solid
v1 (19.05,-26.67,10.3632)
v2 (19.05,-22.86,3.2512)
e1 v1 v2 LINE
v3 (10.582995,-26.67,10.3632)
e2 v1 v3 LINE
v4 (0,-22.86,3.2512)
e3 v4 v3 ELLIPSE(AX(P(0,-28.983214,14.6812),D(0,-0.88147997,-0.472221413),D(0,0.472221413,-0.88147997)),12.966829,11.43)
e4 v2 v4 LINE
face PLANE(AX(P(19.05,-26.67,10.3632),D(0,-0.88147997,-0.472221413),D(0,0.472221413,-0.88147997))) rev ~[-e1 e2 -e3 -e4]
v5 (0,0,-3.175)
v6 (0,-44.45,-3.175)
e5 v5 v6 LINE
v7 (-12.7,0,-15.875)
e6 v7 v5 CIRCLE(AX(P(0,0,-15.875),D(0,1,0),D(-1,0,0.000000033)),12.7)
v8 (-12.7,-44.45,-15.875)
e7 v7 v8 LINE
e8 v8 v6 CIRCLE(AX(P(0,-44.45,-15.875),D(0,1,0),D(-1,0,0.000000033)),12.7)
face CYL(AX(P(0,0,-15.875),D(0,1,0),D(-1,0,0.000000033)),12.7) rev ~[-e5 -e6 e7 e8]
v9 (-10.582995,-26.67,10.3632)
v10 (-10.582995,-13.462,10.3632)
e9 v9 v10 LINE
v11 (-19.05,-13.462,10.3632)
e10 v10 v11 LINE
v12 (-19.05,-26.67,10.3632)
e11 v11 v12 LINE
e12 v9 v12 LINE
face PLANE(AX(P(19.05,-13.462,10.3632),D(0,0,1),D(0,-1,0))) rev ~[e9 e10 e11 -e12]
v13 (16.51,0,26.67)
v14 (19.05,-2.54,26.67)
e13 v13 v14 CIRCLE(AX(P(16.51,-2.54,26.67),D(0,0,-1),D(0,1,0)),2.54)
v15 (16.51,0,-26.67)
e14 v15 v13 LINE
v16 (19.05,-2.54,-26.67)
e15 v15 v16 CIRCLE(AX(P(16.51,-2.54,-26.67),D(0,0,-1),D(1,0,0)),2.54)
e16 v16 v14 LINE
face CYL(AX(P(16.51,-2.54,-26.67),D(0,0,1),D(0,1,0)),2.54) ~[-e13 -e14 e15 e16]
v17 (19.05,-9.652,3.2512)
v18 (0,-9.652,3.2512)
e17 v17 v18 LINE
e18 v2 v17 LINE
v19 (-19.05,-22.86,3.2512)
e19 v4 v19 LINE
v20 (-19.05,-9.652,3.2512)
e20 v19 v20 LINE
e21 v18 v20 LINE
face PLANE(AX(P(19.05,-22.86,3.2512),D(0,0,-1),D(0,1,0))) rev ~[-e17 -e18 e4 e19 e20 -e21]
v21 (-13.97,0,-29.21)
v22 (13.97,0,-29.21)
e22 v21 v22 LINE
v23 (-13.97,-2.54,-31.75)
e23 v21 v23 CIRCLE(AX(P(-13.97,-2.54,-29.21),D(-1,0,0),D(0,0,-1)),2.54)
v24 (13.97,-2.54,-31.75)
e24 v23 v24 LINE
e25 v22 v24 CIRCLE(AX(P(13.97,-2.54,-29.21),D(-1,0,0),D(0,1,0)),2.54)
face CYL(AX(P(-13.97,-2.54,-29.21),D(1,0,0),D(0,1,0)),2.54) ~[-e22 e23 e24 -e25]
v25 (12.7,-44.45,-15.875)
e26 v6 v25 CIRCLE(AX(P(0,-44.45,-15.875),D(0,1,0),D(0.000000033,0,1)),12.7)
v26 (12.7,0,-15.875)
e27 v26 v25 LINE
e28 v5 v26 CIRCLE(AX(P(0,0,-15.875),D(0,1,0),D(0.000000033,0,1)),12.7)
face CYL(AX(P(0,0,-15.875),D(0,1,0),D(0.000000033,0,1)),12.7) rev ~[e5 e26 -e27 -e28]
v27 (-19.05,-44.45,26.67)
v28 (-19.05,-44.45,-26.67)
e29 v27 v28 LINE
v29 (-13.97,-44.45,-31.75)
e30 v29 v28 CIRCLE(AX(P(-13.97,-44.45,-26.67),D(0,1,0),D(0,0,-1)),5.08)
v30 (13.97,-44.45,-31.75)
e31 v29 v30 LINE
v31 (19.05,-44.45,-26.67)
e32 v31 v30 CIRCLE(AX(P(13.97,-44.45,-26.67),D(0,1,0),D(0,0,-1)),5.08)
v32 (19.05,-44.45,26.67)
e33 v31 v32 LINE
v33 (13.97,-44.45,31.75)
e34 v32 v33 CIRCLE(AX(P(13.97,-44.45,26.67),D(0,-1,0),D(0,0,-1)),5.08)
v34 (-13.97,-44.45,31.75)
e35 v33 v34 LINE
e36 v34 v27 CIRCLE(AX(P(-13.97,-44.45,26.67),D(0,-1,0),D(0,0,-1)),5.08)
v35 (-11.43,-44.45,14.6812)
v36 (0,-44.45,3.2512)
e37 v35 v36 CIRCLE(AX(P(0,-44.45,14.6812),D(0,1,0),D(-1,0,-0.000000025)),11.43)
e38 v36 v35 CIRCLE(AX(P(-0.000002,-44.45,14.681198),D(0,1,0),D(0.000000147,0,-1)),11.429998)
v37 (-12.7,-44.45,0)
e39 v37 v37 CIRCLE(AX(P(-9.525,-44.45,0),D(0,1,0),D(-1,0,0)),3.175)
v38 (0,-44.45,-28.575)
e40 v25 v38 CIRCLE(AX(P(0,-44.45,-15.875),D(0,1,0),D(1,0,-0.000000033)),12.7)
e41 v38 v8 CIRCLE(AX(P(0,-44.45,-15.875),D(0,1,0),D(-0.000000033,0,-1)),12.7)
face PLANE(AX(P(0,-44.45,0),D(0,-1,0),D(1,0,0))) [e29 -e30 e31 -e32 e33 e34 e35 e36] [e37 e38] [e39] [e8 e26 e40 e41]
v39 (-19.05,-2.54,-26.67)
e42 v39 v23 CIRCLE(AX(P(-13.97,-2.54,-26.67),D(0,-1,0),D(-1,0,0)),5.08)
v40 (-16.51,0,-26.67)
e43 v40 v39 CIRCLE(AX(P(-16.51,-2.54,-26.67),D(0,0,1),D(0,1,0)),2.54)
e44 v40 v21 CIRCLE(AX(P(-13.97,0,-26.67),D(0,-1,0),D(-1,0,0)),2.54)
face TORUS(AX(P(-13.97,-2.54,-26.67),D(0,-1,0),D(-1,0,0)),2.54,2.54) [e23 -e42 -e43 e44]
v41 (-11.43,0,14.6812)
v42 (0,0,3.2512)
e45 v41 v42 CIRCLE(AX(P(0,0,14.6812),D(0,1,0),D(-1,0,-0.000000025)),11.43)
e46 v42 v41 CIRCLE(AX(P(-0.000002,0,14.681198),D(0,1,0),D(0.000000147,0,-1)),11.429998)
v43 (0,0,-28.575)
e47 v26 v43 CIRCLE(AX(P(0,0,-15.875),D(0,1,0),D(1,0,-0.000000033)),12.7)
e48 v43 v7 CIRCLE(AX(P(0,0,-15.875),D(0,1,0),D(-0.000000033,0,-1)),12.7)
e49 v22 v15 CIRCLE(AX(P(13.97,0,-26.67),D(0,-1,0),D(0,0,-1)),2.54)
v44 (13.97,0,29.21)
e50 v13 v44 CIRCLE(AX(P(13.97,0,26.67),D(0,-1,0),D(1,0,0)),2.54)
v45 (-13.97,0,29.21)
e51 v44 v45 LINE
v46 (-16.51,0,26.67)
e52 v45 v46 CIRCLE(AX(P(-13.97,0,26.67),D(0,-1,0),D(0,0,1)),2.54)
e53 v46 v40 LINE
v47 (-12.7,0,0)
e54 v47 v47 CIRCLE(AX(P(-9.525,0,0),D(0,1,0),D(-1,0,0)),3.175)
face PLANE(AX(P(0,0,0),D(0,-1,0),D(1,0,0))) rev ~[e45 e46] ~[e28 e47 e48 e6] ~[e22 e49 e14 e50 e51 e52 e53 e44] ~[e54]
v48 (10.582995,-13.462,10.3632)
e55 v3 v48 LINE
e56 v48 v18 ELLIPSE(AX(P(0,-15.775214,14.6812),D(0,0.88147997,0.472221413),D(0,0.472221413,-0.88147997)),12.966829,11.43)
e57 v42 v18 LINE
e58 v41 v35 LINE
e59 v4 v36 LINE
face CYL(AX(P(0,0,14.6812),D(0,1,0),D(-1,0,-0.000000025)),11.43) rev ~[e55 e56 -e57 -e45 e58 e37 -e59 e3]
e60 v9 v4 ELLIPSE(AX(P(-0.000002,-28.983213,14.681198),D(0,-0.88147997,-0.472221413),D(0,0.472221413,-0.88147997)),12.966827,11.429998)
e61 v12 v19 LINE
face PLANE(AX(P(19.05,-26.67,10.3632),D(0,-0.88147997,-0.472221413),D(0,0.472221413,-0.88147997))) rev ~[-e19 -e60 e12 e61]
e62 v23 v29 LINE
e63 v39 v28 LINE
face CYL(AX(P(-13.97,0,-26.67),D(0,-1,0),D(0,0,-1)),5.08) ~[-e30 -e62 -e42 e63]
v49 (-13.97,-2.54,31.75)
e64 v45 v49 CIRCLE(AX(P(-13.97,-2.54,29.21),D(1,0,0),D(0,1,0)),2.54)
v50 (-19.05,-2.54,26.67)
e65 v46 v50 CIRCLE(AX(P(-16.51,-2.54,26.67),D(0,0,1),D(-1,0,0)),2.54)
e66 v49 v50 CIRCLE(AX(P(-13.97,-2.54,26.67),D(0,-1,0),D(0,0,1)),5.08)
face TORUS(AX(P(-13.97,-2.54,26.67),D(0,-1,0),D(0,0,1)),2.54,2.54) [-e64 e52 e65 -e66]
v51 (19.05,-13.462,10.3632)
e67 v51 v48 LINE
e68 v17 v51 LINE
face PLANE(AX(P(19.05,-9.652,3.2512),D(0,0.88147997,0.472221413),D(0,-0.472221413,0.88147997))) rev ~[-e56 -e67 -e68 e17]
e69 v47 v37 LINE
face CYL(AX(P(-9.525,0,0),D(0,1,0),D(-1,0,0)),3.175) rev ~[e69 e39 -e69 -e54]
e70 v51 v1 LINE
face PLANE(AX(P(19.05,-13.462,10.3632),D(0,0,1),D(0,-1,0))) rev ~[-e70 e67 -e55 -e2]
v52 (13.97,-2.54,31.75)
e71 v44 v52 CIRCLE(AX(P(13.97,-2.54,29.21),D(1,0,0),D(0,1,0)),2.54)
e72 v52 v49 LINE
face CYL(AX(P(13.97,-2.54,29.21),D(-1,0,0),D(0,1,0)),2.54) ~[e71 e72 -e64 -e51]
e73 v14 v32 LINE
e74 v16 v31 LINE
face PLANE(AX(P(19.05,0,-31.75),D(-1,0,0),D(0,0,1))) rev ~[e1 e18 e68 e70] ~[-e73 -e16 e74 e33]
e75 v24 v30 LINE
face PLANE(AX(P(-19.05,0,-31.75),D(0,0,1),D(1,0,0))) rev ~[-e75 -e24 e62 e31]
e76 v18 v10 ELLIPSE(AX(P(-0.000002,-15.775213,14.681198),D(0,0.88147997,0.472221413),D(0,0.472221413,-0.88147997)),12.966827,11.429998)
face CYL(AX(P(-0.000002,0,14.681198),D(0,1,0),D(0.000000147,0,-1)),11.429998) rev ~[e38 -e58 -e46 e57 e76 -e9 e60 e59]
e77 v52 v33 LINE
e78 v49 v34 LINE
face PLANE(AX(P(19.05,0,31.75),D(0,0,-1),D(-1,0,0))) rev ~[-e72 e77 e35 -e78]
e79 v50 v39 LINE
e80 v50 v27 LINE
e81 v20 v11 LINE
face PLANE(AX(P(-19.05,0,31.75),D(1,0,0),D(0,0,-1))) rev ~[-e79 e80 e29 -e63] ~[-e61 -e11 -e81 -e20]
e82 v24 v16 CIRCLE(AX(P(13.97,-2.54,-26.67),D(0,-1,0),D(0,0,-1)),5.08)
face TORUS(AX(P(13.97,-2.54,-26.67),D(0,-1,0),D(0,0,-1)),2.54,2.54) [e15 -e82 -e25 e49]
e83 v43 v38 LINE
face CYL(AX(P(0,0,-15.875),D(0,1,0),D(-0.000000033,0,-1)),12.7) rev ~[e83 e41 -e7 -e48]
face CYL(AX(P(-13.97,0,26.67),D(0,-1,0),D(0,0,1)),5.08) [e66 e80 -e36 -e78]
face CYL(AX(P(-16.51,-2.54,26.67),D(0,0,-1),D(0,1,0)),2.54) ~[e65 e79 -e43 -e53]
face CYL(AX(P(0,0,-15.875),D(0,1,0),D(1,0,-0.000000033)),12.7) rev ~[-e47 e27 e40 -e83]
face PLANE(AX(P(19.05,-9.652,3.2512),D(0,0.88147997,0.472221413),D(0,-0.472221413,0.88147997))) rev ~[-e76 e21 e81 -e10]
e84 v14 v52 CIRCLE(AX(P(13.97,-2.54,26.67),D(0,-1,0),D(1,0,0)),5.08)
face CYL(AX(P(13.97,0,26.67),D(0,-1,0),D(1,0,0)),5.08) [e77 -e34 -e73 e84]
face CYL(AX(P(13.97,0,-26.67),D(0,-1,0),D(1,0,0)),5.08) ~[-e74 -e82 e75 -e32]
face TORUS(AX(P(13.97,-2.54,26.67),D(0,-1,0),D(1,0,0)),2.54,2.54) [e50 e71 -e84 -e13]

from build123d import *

# Parameters (mm, degrees)
F1_DEPTH = 44.45
F3_DEPTH = 44.451
F5_DEPTH = 38.101
F6_R     = 5.08
F7_R     = 5.08
F8_R     = 2.54


with BuildPart() as f1:
    # F0 (on Front) → F1 (new body)
    with BuildSketch(Plane.XZ):
        Polygon((19.05, -31.75), (19.05, 31.75), (-19.05, 31.75), (-19.05, 0), (-19.05, -31.75), align=None)
        with BuildLine():
            ThreePointArc((-6.35, 0), (-9.525, -3.175), (-12.7, 0))
            ThreePointArc((-12.7, 0), (-9.525, 3.175), (-6.35, 0))
        make_face(mode=Mode.SUBTRACT)
    extrude(amount=F1_DEPTH)

    # F2 (on face) → F3 (cut, through all)
    with BuildSketch(Plane(origin=(0, 0, 0), x_dir=(-1, 0, 0), z_dir=(0, 1, 0))):
        with BuildLine():
            ThreePointArc((-12.7, -15.875), (-8.980256, -24.855256), (0, -28.575))
            Line((0, -28.575), (0, -15.875))
            Line((0, -15.875), (-12.7, -15.875))
        make_face()
        with BuildLine():
            Line((0, -15.875), (0, -28.575))
            ThreePointArc((0, -28.575), (8.980256, -24.855256), (12.7, -15.875))
            Line((12.7, -15.875), (0, -15.875))
        make_face()
        with BuildLine():
            ThreePointArc((11.43, 14.6812), (-8.082231, 22.763431), (0, 3.2512))
            ThreePointArc((0, 3.2512), (8.082231, 6.598969), (11.43, 14.6812))
        make_face()
        with BuildLine():
            Line((-12.7, -15.875), (0, -15.875))
            Line((0, -15.875), (0, -3.175))
            ThreePointArc((0, -3.175), (-8.980256, -6.894744), (-12.7, -15.875))
        make_face()
        with BuildLine():
            Line((0, -3.175), (0, -15.875))
            Line((0, -15.875), (12.7, -15.875))
            ThreePointArc((12.7, -15.875), (8.980256, -6.894744), (0, -3.175))
        make_face()
    extrude(amount=-F3_DEPTH, mode=Mode.SUBTRACT)

    # F4 (on face) → F5 (cut, through all)
    with BuildSketch(Plane.YZ.offset(19.05)):
        Polygon((-22.86, 3.2512), (-9.652, 3.2512), (-13.462, 10.3632), (-26.67, 10.3632), align=None)
    extrude(amount=-F5_DEPTH, mode=Mode.SUBTRACT)

    # F6
    f6_edges = [f1.edges().sort_by_distance(p)[0] for p in [
        (-19.05, -22.225, 31.75),
        (19.05, -22.225, 31.75),
    ]]
    fillet(f6_edges, radius=F6_R)

    # F7
    f7_edges = [f1.edges().sort_by_distance(p)[0] for p in [
        (19.05, -22.225, -31.75),
        (-19.05, -22.225, -31.75),
    ]]
    fillet(f7_edges, radius=F7_R)

    # F8
    f8_edges = [f1.edges().sort_by_distance(p)[0] for p in [
        (0, 0, 31.75),
    ]]
    fillet(f8_edges, radius=F8_R)


solid = f1.part
